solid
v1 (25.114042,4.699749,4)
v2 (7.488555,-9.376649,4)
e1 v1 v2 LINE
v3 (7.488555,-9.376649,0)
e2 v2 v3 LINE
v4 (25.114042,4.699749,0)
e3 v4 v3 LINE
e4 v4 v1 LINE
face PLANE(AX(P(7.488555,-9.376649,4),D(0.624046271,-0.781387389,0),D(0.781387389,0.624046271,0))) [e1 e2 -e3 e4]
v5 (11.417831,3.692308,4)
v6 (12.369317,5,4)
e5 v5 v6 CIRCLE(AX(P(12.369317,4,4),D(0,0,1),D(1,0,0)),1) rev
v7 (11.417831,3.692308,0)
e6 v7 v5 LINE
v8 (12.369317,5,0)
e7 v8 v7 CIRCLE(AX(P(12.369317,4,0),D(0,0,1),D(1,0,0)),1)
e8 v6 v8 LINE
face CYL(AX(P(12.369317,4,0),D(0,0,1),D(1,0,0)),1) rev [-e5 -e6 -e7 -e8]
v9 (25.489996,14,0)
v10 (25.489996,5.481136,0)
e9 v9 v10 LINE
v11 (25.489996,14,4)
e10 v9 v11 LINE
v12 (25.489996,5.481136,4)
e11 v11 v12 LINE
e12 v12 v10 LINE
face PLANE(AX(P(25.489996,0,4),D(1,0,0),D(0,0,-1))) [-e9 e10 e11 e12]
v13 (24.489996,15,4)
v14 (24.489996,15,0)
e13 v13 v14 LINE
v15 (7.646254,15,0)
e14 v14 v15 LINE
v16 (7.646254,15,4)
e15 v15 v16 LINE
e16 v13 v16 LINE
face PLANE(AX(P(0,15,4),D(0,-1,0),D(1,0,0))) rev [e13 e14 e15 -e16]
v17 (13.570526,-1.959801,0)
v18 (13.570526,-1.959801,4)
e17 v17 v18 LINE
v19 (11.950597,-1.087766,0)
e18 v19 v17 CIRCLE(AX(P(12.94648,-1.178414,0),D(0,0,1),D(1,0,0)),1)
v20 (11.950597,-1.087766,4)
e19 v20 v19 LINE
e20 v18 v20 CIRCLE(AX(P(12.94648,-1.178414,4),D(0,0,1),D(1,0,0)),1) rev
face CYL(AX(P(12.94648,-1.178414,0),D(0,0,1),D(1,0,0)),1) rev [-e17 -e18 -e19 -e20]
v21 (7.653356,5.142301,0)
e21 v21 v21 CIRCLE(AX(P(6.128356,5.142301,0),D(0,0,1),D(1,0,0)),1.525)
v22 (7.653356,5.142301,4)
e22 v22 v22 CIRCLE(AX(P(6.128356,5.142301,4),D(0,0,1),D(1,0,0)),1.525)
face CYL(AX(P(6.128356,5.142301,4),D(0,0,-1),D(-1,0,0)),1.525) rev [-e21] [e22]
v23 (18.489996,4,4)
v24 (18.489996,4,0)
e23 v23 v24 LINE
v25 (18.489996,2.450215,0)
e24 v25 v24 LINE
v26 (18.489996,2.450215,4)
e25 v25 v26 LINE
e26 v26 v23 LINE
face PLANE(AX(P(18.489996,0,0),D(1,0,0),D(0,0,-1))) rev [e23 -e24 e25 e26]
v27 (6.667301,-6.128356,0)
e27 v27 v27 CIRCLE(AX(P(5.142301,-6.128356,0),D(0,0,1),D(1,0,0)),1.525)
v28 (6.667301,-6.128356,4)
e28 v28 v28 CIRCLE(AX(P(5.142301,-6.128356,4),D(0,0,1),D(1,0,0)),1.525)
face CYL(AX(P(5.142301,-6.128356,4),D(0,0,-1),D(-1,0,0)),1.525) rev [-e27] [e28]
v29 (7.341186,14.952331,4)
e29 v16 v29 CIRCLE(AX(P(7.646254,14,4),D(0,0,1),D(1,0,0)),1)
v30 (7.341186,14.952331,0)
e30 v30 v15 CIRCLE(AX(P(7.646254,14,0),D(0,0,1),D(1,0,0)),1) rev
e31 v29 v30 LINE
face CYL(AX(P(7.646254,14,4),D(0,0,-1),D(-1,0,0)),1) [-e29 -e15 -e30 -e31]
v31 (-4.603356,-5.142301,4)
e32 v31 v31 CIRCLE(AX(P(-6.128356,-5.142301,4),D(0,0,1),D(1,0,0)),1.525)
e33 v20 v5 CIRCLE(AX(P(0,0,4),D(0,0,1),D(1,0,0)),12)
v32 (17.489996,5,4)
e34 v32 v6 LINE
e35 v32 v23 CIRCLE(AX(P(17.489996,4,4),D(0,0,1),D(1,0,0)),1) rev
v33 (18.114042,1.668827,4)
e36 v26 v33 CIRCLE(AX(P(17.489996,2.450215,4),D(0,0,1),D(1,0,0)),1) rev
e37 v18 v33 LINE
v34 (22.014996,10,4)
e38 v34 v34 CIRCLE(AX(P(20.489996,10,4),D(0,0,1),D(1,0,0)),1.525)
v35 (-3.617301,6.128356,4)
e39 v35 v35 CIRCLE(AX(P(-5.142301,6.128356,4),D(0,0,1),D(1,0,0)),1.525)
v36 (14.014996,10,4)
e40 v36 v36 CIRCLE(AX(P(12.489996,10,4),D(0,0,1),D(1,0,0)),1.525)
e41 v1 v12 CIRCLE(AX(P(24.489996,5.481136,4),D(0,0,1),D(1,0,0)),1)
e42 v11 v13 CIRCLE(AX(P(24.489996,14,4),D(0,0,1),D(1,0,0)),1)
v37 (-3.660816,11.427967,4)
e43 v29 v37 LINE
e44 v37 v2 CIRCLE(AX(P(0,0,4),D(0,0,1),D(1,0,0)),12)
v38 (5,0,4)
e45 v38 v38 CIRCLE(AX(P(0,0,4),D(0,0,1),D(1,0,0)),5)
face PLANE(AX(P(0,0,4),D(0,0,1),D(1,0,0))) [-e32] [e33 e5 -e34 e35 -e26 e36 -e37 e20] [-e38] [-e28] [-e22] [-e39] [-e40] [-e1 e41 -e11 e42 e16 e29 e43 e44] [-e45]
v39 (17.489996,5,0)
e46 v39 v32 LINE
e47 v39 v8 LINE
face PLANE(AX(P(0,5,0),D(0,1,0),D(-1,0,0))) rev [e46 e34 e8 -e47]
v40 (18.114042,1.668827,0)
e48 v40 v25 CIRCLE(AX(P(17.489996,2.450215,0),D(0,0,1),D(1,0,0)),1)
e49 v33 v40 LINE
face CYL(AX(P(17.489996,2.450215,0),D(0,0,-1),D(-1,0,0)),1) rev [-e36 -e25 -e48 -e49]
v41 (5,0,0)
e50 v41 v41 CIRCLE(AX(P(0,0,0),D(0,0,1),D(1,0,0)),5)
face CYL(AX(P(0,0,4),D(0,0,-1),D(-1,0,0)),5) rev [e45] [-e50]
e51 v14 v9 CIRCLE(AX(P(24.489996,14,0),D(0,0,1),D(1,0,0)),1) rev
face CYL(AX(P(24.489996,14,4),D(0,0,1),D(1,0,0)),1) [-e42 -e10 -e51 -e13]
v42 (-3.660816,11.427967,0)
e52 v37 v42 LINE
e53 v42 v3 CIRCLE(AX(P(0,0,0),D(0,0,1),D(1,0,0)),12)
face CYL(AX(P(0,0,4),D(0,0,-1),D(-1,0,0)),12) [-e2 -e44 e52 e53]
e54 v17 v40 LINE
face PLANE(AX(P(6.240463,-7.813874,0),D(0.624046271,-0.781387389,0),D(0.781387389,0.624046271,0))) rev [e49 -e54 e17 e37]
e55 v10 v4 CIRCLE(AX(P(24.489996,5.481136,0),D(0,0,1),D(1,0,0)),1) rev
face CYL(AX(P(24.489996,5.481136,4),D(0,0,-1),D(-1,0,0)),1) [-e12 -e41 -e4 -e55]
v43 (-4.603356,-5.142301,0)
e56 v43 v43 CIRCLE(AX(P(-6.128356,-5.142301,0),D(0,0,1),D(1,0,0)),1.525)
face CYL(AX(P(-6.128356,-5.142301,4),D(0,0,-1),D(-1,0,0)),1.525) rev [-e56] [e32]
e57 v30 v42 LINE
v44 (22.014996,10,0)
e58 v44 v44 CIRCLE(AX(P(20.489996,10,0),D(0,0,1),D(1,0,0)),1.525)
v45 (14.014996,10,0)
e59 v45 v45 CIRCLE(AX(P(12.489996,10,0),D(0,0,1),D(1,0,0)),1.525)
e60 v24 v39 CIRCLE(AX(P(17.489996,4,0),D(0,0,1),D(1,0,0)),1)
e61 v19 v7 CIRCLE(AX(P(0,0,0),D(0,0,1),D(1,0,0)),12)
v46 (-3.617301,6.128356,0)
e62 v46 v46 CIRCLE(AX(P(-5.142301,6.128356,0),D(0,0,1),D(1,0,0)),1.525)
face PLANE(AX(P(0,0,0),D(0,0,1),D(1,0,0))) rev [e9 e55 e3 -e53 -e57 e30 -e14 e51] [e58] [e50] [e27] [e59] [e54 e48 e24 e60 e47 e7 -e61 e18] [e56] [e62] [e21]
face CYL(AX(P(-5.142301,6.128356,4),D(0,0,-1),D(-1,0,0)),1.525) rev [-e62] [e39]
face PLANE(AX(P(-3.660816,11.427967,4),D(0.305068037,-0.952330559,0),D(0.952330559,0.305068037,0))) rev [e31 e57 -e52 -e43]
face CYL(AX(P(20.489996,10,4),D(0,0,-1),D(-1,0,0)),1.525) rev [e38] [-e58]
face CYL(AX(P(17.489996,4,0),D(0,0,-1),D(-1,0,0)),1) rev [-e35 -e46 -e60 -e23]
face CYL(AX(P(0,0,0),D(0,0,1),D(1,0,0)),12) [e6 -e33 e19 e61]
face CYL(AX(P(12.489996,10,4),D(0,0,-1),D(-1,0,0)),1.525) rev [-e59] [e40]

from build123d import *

# Parameters (mm, degrees)
SKETCH_1_R          = 1.525
SKETCH_1_R_2        = 5
EXTRUDE_1_DEPTH     = 4
CUT_EXTRUDE_START   = -4
CUT_EXTRUDE_1_DEPTH = 4
FILLET_1_R          = 1


with BuildPart() as part:
    # 草图1 → 凸台-拉伸1 (new body)
    # profile 1 of 2: a face of its own
    with BuildSketch(Plane.XY):
        with BuildLine():
            ThreePointArc((12, 0), (7.073549415, 9.693549333), (-3.660816447, 11.427966702))
            ThreePointArc((-3.660816447, 11.427966702), (-10.576904144, -5.668253587), (7.48855525, -9.376648669))
            ThreePointArc((7.48855525, -9.376648669), (10.813479158, -5.202755856), (12, 0))
        make_face()
        with Locations((5.142300877, -6.128355545)):
            Circle(SKETCH_1_R, mode=Mode.SUBTRACT)
        with Locations((-6.128355545, -5.142300877)):
            Circle(SKETCH_1_R, mode=Mode.SUBTRACT)
        Circle(SKETCH_1_R_2, mode=Mode.SUBTRACT)
        with Locations((-5.142300877, 6.128355545)):
            Circle(SKETCH_1_R, mode=Mode.SUBTRACT)
        with Locations((6.128355545, 5.142300877)):
            Circle(SKETCH_1_R, mode=Mode.SUBTRACT)
    # profile 2 of 2: a face of its own
    with BuildSketch(Plane.XY):
        with BuildLine():
            Line((25.489995997, 5), (25.489995997, 15))
            Line((25.489995997, 15), (7.489995997, 15))
            Line((7.489995997, 15), (-3.660816447, 11.427966702))
            ThreePointArc((-3.660816447, 11.427966702), (7.073549415, 9.693549333), (12, 0))
            ThreePointArc((12, 0), (10.813479158, -5.202755856), (7.48855525, -9.376648669))
            Line((7.48855525, -9.376648669), (25.489995997, 5))
        make_face()
        with Locations((12.489995997, 10)):
            Circle(SKETCH_1_R, mode=Mode.SUBTRACT)
        with Locations((20.489995997, 10)):
            Circle(SKETCH_1_R, mode=Mode.SUBTRACT)
    extrude(amount=EXTRUDE_1_DEPTH)

    # 草图2 → 切除-拉伸1 (cut)
    with BuildSketch(Plane.XY.offset(4).offset(CUT_EXTRUDE_START)):
        with BuildLine():
            ThreePointArc((12, 0), (11.855024322, -1.85967694), (11.42360028, -3.674419227))
            Line((11.42360028, -3.674419227), (18.489995997, 1.969078425))
            Line((18.489995997, 1.969078425), (18.489995997, 5))
            Line((18.489995997, 5), (10.908712115, 5))
            ThreePointArc((10.908712115, 5), (11.724004123, 2.558852734), (12, 0))
        make_face()
    extrude(amount=CUT_EXTRUDE_1_DEPTH, mode=Mode.SUBTRACT)

    # 圆角1
    fillet_1_edges = [part.edges().sort_by_distance(p)[0] for p in [
        (7.489995997, 15, 2),
        (25.489995997, 15, 2),
        (25.489995997, 5, 2),
        (11.42360028, -3.674419227, 2),
        (10.908712115, 5, 2),
        (18.489995997, 5, 2),
        (18.489995997, 1.969078425, 2),
    ]]
    fillet(fillet_1_edges, radius=FILLET_1_R)


solid = part.part
